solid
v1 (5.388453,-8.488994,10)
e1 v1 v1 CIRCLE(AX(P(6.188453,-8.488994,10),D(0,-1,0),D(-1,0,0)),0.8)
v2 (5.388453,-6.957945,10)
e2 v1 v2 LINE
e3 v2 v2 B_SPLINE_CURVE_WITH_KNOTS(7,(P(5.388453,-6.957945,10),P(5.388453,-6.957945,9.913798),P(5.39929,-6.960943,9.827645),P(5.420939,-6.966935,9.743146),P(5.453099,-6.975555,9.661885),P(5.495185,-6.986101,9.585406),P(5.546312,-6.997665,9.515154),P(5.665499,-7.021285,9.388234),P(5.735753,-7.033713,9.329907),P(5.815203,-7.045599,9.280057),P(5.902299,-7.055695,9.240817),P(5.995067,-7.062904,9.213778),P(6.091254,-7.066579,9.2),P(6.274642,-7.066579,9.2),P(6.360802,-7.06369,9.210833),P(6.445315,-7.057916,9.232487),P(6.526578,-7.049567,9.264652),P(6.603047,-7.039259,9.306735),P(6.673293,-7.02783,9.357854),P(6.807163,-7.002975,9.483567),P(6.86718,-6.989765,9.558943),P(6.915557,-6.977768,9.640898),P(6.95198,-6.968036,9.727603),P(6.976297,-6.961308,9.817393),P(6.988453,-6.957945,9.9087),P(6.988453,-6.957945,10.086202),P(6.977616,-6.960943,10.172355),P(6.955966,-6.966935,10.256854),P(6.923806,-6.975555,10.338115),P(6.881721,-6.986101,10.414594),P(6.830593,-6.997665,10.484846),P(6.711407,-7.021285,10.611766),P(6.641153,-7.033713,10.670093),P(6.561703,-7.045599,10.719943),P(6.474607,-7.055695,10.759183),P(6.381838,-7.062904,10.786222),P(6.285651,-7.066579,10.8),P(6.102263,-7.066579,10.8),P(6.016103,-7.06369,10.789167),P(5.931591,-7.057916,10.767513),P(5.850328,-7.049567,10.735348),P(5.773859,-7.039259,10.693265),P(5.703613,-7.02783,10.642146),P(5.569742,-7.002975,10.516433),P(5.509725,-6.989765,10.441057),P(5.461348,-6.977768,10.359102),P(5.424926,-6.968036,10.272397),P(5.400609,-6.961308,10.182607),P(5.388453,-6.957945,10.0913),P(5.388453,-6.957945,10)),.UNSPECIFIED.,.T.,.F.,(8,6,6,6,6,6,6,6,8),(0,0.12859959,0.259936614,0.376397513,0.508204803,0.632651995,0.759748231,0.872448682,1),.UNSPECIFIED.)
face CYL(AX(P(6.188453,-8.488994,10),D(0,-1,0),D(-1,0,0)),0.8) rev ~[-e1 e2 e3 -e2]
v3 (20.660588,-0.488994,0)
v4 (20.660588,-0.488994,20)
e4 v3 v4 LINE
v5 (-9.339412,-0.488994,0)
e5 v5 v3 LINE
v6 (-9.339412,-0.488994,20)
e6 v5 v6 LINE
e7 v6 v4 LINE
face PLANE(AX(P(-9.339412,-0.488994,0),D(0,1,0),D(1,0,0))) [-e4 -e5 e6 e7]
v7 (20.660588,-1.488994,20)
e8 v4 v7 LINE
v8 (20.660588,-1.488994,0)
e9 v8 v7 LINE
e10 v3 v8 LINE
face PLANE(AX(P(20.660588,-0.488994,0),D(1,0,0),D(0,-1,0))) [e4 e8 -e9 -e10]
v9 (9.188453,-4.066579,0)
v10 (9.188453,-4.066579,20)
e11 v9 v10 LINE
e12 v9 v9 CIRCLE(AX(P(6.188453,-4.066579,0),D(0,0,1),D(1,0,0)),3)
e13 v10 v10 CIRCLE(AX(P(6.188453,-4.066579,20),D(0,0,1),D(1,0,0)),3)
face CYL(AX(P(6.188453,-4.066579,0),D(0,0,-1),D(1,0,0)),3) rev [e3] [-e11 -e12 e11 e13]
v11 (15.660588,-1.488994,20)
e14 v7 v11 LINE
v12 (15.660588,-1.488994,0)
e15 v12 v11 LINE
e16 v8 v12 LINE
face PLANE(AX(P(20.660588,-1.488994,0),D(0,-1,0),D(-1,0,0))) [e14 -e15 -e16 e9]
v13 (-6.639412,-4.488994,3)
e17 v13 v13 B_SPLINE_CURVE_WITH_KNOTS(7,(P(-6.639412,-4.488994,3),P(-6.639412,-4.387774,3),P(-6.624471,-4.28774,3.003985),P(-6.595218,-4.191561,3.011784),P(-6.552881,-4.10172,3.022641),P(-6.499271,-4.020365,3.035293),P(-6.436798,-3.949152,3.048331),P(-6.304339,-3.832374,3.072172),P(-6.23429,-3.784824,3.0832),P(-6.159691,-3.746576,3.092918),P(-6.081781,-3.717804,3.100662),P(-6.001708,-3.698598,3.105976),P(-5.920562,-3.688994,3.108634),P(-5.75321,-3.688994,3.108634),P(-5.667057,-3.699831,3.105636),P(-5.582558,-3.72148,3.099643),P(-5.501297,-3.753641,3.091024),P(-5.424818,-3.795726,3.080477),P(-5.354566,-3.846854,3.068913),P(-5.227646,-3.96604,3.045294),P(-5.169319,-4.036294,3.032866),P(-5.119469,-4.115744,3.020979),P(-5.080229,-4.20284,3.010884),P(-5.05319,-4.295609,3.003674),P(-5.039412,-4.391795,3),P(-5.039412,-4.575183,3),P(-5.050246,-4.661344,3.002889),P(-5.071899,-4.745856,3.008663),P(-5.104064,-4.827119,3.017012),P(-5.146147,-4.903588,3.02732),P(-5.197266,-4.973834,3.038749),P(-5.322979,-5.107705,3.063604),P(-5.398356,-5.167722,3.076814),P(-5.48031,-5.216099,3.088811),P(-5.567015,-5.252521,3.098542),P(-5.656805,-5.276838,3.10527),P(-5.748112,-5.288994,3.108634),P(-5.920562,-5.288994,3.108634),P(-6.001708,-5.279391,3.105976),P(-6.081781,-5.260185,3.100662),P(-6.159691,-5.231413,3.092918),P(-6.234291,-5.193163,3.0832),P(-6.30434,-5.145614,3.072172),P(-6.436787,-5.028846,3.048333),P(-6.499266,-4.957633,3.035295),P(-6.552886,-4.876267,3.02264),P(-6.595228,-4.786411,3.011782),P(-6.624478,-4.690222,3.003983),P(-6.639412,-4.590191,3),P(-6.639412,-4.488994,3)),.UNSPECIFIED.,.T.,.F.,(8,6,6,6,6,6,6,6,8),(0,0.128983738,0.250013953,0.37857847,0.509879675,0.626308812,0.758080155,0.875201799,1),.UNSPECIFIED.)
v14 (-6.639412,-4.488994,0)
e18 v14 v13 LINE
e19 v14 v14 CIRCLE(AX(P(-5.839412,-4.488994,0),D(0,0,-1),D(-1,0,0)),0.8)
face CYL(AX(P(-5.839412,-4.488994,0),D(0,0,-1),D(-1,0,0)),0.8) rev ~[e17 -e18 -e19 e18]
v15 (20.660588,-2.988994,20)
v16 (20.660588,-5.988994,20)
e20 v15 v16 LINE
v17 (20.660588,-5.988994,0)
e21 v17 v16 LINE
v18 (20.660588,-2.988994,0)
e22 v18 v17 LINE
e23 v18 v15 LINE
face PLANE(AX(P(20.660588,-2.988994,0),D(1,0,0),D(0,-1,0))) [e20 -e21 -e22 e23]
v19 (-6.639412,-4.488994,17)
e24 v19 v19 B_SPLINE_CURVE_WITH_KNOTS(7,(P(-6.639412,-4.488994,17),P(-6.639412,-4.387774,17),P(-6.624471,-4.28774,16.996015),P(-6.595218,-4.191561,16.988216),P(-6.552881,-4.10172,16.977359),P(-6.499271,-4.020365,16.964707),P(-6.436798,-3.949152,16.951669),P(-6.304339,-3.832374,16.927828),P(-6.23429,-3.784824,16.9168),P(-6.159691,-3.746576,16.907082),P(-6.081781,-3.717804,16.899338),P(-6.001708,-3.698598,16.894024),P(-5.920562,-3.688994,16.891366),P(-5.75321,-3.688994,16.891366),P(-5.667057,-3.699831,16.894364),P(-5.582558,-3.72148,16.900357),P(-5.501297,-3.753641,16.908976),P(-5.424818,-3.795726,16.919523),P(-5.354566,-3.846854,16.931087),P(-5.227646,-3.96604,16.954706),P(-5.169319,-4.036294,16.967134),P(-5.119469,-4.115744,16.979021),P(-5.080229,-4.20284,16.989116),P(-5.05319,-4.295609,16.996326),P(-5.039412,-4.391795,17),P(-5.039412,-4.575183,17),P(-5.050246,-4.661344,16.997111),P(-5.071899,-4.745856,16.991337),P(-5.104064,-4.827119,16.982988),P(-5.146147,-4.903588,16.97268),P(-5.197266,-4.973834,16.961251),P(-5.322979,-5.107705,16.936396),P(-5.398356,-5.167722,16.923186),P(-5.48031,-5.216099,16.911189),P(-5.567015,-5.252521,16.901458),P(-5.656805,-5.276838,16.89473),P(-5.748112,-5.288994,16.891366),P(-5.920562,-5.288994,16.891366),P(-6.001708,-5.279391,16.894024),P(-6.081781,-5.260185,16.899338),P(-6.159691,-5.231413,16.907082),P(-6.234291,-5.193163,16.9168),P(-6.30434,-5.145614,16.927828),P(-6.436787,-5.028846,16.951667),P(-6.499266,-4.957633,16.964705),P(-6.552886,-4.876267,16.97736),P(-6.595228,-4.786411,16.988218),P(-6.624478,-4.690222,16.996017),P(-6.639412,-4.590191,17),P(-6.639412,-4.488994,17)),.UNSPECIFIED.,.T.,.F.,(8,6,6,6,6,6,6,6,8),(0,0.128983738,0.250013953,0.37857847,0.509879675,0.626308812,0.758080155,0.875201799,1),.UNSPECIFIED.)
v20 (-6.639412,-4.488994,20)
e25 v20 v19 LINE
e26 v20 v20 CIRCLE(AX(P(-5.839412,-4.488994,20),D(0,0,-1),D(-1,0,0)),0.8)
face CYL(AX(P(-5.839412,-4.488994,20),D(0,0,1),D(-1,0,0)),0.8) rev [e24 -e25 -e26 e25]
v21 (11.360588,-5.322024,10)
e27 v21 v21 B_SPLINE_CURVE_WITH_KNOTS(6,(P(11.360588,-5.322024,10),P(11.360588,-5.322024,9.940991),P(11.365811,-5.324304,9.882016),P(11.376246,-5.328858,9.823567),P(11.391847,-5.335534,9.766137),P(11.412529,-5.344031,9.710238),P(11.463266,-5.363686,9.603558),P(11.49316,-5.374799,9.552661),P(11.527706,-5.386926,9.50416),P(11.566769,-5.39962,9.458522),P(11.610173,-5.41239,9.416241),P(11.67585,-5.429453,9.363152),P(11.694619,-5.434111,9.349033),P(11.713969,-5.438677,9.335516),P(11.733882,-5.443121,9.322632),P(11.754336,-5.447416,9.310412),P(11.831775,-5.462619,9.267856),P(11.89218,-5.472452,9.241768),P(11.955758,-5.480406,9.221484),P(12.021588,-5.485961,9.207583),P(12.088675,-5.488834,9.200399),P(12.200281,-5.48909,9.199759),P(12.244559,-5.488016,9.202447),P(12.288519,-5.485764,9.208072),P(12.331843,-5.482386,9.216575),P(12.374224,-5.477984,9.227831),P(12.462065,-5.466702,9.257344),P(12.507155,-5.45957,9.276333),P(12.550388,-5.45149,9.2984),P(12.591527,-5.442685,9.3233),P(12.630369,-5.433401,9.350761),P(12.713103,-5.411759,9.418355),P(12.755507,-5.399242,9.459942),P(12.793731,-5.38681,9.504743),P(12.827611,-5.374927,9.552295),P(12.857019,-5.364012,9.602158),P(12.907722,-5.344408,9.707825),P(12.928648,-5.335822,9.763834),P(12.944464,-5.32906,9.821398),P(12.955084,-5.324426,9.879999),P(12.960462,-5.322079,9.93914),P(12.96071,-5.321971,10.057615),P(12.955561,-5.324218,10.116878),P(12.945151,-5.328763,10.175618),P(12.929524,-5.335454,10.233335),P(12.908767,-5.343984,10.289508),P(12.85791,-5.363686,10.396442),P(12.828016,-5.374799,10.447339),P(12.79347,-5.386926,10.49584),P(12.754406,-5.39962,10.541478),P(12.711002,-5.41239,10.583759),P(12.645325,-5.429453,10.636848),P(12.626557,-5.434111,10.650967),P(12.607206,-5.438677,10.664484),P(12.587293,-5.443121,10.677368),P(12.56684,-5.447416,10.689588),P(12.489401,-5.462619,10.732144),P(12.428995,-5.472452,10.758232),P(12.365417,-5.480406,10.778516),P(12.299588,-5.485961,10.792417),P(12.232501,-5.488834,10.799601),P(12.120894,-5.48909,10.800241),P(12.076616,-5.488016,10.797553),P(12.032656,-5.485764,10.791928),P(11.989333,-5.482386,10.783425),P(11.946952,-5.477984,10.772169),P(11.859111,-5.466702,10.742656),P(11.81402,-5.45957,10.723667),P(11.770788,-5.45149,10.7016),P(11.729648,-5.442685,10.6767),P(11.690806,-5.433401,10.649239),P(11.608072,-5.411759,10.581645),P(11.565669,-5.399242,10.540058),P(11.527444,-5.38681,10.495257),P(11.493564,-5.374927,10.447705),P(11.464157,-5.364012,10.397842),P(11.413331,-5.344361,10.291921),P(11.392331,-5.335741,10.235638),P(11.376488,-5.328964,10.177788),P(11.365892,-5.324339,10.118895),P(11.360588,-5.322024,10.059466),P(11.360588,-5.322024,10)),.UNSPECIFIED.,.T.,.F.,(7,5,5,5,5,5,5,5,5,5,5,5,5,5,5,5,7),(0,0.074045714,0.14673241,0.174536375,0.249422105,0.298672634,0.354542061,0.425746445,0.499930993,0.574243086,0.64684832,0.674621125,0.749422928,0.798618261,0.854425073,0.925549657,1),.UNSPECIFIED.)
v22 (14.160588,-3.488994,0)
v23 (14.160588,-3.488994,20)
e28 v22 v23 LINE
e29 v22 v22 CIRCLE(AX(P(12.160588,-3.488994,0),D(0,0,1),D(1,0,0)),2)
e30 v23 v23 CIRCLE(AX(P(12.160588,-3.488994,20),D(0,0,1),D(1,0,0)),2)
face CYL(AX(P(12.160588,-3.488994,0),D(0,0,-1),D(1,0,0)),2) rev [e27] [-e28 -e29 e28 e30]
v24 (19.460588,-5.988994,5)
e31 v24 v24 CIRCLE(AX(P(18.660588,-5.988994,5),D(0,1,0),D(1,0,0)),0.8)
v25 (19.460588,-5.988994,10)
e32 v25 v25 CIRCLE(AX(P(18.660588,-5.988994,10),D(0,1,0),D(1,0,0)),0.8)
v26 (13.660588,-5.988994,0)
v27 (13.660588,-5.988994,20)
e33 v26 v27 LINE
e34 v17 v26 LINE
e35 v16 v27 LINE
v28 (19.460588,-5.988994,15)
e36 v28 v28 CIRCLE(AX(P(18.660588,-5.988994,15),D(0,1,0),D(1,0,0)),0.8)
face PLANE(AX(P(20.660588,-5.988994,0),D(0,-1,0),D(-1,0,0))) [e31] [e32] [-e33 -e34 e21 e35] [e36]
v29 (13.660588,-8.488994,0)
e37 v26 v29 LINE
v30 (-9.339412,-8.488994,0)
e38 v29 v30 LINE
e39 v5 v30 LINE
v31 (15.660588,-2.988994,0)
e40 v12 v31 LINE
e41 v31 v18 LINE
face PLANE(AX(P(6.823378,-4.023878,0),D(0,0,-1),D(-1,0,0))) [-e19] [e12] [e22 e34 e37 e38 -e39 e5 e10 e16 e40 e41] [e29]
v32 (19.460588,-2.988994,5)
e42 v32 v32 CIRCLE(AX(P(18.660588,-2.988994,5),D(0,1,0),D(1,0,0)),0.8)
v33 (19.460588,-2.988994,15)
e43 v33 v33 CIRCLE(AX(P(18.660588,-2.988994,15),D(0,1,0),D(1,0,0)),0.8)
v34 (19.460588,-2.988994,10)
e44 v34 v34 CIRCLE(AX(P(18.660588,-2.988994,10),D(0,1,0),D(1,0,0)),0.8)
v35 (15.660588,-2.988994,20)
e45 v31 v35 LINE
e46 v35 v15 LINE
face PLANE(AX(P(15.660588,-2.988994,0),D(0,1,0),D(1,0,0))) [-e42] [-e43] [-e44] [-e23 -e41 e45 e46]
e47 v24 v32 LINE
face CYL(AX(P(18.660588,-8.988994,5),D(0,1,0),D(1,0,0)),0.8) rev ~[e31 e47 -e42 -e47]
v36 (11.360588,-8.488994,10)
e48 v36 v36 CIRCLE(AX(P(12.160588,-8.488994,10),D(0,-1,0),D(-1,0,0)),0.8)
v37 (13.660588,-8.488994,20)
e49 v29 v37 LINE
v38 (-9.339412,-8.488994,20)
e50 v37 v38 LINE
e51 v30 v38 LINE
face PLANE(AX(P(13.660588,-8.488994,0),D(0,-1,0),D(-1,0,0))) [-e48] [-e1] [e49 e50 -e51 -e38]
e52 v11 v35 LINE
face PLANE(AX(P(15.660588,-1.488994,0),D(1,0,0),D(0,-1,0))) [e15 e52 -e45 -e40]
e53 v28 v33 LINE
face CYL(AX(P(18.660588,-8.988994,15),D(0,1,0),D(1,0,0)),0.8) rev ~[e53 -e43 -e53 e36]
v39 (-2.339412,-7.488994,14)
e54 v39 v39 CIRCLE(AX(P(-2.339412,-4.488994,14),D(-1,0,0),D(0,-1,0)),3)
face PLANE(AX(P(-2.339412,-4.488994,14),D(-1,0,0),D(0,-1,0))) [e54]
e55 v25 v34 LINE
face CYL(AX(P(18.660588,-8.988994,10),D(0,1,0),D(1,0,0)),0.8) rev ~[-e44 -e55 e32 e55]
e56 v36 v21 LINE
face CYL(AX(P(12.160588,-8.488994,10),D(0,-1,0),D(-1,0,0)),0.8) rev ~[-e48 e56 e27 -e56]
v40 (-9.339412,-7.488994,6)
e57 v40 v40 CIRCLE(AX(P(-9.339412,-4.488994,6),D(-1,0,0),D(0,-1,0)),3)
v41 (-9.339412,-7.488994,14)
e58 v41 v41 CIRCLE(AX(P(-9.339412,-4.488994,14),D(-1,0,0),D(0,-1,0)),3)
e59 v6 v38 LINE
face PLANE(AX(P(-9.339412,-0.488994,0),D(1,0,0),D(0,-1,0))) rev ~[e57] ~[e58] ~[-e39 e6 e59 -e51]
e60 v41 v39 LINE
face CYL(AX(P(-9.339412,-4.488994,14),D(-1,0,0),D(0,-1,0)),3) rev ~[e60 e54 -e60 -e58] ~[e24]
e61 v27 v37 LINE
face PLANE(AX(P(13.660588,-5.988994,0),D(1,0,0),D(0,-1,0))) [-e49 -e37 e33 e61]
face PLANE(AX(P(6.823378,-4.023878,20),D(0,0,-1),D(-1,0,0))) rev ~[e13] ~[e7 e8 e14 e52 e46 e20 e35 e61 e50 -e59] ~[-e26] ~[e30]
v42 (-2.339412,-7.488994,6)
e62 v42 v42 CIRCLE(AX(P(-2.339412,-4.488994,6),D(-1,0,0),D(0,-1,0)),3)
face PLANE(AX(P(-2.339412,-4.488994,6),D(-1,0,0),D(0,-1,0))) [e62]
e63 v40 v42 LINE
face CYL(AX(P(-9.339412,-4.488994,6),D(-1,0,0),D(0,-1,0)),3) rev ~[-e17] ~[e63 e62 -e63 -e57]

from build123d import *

# Parameters (mm, degrees)
SKETCH1_R                  = 3
SKETCH1_R_2                = 2
BOSS_EXTRUDE1_DEPTH        = 20
SKETCH2_R                  = 3
CUT_EXTRUDE1_DEPTH         = 7
M2X0_4_TAPPED_HOLE1_REACH  = 31.847
M2X0_4_TAPPED_HOLE1_BORE_R = 0.8
M2X0_4_TAPPED_HOLE2_REACH  = 31.982
M2X0_4_TAPPED_HOLE2_BORE_R = 0.8
M2X0_4_TAPPED_HOLE3_D      = 1.6
M2X0_4_TAPPED_HOLE3_DEPTH  = 3


with BuildPart() as part:
    # Sketch1 → Boss-Extrude1 (new body)
    with BuildSketch(Plane.XY):
        Polygon((20.660587733, -2.988994126), (20.660587733, -5.988994126), (13.660587733, -5.988994126), (13.660587733, -8.488994126), (-9.339412267, -8.488994126), (-9.339412267, -2.742720205), (-9.339412267, -0.488994126), (20.660587733, -0.488994126), (20.660587733, -1.488994126), (15.660587733, -1.488994126), (15.660587733, -2.988994126), align=None)
        with Locations((6.188452756, -4.06657859)):
            Circle(SKETCH1_R, mode=Mode.SUBTRACT)
        with Locations((12.160587733, -3.488994126)):
            Circle(SKETCH1_R_2, mode=Mode.SUBTRACT)
    extrude(amount=BOSS_EXTRUDE1_DEPTH)

    # Sketch2 → Cut-Extrude1 (cut)
    with BuildSketch(Plane.ZY.offset(9.339412267)):
        with Locations(Location((6, -4.488994126, 0), (0, 0, 270))):
            Circle(SKETCH2_R)
        with Locations(Location((14, -4.488994126, 0), (0, 0, 270))):
            Circle(SKETCH2_R)
    extrude(amount=-CUT_EXTRUDE1_DEPTH, mode=Mode.SUBTRACT)

    # M2x0.4 Tapped Hole1 bore → M2x0.4 Tapped Hole1 (cut, up to next)
    with BuildSketch(Plane(origin=(0, -8.488994126, 0), x_dir=(-1, 0, 0), z_dir=(0, -1, 0)), mode=Mode.PRIVATE) as m2x0_4_tapped_hole1_sk1:
        with Locations((-12.160587733, -10)):
            Circle(M2X0_4_TAPPED_HOLE1_BORE_R)
    m2x0_4_tapped_hole1_tool1 = extrude(m2x0_4_tapped_hole1_sk1.sketch, amount=-M2X0_4_TAPPED_HOLE1_REACH, mode=Mode.PRIVATE) & part.part
    # M2x0.4 Tapped Hole1 bore → M2x0.4 Tapped Hole1 (cut, up to next)
    with BuildSketch(Plane(origin=(0, -8.488994126, 0), x_dir=(-1, 0, 0), z_dir=(0, -1, 0)), mode=Mode.PRIVATE) as m2x0_4_tapped_hole1_sk2:
        with Locations((-6.188452756, -10)):
            Circle(M2X0_4_TAPPED_HOLE1_BORE_R)
    m2x0_4_tapped_hole1_tool2 = extrude(m2x0_4_tapped_hole1_sk2.sketch, amount=-M2X0_4_TAPPED_HOLE1_REACH, mode=Mode.PRIVATE) & part.part
    add(m2x0_4_tapped_hole1_tool1.solids().sort_by_distance((12.160588, -8.488994, 10))[0], mode=Mode.SUBTRACT)
    add(m2x0_4_tapped_hole1_tool2.solids().sort_by_distance((6.188453, -8.488994, 10))[0], mode=Mode.SUBTRACT)

    # M2x0.4 Tapped Hole2 bore → M2x0.4 Tapped Hole2 (cut, up to next)
    with BuildSketch(Plane(origin=(0, 0, 0), x_dir=(-1, 0, 0), z_dir=(0, 0, -1)), mode=Mode.PRIVATE) as m2x0_4_tapped_hole2_sk1:
        with Locations((5.839412267, -4.488994126)):
            Circle(M2X0_4_TAPPED_HOLE2_BORE_R)
    m2x0_4_tapped_hole2_tool1 = extrude(m2x0_4_tapped_hole2_sk1.sketch, amount=-M2X0_4_TAPPED_HOLE2_REACH, mode=Mode.PRIVATE) & part.part
    m2x0_4_tapped_hole2 = m2x0_4_tapped_hole2_tool1.solids().sort_by_distance((-5.839412, -4.488994, 0))[0]
    add(m2x0_4_tapped_hole2, mode=Mode.SUBTRACT)

    # Mirror1: M2x0.4 Tapped Hole2 across plane
    add(m2x0_4_tapped_hole2.mirror(Plane(origin=(0, 0, 10), x_dir=(1, 0, 0), z_dir=(0, 0, -1))), mode=Mode.SUBTRACT)

    # M2x0.4 Tapped Hole3
    with Locations(Plane(origin=(0, -5.988994126, 0), x_dir=(-1, 0, 0), z_dir=(0, -1, 0))):
        with Locations((-18.660587733, -5), (-18.660587733, -15), (-18.660587733, -10)):
            Hole(M2X0_4_TAPPED_HOLE3_D / 2, depth=M2X0_4_TAPPED_HOLE3_DEPTH)


solid = part.part
